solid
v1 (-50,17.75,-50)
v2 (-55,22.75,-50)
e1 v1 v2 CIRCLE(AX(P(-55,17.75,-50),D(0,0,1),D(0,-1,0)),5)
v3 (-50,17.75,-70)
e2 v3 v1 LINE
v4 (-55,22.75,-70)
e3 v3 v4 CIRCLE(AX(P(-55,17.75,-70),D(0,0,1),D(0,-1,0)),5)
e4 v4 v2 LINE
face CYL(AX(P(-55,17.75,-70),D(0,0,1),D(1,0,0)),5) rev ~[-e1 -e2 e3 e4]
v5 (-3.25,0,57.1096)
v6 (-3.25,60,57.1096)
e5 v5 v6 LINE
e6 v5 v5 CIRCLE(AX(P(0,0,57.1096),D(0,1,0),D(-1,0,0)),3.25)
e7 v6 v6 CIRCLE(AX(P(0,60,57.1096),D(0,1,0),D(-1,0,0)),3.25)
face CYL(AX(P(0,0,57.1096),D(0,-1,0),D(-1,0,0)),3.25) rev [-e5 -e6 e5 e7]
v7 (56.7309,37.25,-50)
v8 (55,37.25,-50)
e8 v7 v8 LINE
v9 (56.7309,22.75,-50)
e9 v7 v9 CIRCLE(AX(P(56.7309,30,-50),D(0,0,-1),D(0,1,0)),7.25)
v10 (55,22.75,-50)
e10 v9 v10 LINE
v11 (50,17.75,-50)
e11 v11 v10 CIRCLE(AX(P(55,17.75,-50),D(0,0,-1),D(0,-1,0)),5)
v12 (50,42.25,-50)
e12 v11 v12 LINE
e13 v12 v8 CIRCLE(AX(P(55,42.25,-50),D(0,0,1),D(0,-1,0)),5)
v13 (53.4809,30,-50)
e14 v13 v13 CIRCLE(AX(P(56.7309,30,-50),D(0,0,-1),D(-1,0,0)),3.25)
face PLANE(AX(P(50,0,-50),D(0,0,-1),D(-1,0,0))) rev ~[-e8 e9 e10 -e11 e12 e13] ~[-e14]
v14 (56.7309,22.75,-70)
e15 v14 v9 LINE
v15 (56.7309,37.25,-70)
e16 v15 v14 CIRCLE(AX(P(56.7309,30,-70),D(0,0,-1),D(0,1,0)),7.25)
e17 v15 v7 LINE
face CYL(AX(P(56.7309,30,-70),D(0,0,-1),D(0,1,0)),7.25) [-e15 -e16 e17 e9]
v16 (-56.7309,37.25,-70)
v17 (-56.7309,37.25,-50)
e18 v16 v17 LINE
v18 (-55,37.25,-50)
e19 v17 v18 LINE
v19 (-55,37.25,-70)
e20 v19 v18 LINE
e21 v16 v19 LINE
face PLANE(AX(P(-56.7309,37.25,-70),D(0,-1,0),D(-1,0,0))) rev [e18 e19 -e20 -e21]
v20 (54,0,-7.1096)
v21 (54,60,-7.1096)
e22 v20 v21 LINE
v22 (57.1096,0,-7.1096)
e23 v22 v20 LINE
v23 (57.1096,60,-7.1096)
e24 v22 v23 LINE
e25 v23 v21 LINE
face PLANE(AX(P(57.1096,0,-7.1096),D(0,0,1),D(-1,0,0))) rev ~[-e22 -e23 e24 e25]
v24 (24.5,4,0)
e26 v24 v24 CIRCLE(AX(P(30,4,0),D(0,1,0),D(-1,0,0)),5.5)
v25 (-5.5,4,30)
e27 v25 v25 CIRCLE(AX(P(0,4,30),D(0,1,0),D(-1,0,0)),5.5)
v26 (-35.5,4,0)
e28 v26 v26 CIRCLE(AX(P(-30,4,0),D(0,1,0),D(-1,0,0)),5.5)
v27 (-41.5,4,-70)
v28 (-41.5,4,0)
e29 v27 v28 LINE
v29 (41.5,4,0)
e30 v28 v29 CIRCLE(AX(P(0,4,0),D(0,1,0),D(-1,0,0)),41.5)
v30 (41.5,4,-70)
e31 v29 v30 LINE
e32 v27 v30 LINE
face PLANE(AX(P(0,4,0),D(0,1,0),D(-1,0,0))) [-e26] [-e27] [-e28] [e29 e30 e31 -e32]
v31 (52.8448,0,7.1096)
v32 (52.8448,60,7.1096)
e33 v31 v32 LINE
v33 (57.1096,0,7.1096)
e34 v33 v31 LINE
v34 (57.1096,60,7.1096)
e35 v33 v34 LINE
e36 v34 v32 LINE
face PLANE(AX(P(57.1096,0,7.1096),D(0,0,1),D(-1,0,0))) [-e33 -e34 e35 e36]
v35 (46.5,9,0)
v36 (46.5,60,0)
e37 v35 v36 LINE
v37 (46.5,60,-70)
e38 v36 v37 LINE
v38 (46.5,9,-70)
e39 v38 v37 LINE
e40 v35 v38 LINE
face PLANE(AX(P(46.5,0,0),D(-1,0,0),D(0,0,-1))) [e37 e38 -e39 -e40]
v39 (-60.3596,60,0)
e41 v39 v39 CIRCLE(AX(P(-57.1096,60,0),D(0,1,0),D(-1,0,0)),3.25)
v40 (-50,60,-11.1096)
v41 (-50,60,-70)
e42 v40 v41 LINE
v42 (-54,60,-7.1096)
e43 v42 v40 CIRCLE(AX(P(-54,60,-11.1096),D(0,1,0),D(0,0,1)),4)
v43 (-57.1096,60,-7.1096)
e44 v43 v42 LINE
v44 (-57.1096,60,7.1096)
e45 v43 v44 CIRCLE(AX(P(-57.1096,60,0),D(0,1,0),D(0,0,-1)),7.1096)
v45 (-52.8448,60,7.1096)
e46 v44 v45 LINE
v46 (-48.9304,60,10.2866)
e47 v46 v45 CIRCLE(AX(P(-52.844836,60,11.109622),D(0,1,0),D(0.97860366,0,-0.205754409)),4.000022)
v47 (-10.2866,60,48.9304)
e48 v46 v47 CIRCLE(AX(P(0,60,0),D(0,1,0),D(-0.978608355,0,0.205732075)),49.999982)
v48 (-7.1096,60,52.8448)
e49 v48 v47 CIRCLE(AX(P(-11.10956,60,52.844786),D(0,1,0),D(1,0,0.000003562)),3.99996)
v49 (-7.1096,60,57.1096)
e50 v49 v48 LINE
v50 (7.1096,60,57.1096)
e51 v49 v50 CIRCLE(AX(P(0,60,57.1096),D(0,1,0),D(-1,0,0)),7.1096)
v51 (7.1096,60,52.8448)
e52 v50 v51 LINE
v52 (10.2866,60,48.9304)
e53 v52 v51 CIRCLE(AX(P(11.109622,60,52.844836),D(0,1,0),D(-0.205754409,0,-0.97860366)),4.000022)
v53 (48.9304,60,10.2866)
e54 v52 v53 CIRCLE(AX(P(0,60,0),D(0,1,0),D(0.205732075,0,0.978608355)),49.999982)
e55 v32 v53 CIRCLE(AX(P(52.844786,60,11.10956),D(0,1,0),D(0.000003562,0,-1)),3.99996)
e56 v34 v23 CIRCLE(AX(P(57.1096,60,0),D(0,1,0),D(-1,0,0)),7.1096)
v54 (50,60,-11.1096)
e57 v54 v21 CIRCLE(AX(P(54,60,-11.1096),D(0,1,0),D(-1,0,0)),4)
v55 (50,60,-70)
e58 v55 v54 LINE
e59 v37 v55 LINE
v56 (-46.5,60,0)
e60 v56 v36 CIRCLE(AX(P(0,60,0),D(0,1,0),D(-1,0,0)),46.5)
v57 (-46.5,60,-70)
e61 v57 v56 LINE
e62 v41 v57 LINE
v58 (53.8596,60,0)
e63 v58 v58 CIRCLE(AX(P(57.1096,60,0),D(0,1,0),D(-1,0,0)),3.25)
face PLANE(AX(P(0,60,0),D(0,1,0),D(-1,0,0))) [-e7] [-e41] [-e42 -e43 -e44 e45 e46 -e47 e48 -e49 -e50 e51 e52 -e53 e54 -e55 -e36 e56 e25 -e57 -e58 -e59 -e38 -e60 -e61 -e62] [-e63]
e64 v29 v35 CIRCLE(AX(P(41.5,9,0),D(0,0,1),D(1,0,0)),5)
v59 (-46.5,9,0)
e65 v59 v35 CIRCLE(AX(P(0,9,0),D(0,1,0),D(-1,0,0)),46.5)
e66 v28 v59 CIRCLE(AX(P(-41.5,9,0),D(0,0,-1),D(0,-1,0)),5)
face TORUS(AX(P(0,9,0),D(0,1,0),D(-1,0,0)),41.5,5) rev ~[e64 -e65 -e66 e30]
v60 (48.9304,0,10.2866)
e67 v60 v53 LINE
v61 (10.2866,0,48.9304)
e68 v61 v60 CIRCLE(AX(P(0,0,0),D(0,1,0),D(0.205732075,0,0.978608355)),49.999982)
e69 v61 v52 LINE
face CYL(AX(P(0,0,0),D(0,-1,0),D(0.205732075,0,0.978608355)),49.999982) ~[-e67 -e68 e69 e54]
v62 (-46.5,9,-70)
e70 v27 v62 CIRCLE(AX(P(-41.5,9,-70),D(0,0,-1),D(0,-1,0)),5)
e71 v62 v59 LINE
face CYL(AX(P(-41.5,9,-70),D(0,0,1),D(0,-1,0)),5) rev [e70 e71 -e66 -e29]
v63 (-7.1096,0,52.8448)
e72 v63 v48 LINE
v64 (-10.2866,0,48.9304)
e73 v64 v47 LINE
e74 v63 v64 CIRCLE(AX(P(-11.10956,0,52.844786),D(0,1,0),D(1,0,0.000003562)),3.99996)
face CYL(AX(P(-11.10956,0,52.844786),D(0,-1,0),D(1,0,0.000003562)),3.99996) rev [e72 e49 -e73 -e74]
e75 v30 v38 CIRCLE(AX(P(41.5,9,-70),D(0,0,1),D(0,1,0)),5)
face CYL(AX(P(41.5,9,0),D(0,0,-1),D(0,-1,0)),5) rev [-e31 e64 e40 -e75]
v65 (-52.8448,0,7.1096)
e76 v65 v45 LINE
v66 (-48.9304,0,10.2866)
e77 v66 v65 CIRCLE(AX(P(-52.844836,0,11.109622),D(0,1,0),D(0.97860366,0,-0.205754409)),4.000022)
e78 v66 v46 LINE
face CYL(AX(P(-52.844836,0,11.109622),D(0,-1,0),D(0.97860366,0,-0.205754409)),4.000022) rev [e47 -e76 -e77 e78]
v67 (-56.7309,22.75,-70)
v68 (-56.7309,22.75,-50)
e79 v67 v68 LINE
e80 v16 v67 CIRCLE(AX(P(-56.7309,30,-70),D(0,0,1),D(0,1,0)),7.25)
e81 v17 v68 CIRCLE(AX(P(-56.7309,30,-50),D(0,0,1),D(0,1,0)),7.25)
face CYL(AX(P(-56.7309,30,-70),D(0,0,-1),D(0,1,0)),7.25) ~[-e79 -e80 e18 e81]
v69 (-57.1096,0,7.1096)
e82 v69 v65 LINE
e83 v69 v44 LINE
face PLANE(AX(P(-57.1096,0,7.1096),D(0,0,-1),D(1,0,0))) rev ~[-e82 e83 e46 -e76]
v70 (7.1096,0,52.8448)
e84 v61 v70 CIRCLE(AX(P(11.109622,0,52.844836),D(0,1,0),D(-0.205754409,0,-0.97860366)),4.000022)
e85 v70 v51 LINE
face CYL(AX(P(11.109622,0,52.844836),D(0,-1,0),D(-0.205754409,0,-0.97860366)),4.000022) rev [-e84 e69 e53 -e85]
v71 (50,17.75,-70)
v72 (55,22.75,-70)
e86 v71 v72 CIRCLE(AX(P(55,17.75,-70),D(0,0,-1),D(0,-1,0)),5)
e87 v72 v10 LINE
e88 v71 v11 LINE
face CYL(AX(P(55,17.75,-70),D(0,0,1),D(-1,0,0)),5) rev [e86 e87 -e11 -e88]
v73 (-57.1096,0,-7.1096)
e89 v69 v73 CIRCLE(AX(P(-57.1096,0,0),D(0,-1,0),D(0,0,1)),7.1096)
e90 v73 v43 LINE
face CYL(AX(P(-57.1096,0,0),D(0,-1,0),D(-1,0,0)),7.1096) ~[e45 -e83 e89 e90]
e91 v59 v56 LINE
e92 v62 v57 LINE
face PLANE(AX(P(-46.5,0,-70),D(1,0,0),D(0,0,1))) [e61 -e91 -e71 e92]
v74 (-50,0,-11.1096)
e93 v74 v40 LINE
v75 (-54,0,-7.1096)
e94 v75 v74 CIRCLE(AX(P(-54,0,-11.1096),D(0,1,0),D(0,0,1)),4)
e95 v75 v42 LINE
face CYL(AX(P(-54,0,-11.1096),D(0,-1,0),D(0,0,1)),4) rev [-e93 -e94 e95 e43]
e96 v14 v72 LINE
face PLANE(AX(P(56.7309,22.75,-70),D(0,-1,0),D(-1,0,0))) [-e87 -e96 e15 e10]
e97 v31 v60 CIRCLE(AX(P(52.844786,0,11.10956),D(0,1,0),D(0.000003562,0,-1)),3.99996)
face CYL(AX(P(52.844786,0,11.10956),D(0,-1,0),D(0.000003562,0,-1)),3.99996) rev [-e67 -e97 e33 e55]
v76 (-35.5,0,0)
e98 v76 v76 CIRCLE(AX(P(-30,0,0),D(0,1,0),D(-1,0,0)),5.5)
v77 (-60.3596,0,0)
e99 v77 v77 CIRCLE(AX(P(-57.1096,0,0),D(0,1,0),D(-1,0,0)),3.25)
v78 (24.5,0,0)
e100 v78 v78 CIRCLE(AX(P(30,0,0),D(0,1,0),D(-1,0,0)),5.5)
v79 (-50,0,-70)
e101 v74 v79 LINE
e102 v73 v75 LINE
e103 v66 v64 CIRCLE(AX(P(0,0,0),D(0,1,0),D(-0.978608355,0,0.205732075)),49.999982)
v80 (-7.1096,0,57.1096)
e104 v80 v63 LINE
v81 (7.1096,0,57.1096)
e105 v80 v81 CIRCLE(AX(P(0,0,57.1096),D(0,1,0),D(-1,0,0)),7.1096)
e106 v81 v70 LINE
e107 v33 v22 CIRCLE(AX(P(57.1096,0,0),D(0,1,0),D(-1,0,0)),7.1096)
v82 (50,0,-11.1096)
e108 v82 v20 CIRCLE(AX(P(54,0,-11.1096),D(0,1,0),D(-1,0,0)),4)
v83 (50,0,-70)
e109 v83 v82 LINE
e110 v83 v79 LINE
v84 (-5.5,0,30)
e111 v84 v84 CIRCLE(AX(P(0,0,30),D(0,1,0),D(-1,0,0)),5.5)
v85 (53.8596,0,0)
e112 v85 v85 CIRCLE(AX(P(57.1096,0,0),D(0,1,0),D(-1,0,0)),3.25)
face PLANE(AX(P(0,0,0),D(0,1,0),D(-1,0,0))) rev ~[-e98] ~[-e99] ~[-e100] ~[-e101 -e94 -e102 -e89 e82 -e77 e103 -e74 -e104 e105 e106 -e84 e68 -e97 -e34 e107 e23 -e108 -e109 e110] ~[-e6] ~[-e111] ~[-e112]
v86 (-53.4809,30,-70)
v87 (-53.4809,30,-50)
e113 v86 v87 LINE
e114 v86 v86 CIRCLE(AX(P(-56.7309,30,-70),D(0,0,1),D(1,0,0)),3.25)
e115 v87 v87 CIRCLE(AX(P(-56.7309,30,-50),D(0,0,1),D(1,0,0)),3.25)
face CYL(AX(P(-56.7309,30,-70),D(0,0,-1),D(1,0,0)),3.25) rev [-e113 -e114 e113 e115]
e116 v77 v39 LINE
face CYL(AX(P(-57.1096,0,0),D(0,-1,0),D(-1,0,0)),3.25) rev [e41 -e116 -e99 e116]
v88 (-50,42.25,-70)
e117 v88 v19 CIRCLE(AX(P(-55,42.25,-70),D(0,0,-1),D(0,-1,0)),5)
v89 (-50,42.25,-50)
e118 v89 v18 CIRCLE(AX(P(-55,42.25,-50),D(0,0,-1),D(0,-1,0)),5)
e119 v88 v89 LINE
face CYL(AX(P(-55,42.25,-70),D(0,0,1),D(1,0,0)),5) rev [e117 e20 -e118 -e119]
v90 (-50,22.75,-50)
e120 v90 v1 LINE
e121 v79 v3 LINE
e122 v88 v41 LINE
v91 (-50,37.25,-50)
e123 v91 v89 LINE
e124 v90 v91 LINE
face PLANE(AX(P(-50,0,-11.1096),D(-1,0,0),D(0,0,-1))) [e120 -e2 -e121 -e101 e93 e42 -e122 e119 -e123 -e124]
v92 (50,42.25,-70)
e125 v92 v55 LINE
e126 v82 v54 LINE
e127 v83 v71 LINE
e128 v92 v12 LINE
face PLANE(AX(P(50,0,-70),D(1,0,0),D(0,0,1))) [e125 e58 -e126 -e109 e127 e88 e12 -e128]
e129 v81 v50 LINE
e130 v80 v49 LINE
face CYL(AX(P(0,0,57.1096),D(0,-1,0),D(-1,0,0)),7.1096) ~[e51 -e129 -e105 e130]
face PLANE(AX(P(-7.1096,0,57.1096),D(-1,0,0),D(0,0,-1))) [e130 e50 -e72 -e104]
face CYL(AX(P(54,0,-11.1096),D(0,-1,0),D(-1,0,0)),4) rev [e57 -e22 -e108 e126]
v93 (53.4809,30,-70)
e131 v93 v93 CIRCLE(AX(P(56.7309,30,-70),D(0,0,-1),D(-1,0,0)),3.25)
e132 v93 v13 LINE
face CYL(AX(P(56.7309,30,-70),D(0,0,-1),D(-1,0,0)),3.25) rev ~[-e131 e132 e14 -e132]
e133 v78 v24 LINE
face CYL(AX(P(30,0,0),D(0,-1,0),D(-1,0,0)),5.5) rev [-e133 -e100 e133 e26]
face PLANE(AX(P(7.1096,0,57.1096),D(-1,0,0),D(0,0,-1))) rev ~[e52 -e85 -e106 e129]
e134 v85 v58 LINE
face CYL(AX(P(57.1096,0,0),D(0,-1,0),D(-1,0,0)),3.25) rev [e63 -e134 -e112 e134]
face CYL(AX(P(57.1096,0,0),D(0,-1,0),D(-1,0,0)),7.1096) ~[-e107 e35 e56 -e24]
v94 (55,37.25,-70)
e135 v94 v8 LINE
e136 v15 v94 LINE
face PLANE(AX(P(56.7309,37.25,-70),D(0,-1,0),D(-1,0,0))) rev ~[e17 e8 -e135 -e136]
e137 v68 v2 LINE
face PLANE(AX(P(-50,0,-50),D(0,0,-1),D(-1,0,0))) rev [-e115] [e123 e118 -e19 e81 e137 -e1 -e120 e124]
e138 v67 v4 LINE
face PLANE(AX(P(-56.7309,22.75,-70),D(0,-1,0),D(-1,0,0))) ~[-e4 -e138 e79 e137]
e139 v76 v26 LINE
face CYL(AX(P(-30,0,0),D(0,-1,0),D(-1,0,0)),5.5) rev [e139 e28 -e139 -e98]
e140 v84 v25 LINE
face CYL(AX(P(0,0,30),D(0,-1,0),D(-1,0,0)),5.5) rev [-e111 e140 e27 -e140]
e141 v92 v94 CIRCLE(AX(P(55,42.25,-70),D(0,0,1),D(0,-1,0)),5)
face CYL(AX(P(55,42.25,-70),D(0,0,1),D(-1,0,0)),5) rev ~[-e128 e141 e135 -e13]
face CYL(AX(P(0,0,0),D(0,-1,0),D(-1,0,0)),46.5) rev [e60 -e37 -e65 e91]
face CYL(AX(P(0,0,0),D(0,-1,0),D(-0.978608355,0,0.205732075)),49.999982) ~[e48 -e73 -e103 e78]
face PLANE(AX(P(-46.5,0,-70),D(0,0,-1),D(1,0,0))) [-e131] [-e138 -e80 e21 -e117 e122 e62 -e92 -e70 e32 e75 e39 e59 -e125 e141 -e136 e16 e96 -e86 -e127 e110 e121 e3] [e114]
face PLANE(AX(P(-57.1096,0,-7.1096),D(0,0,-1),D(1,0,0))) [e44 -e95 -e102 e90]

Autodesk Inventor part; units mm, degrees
ref_plane "YZ Plane" through (0, 0, 0) normal (1, 0, 0) x (0, 1, 0)
ref_plane "XZ Plane" through (0, 0, 0) normal (0, 1, 0) x (-1, 0, 0)
ref_plane "XY Plane" through (0, 0, 0) normal (0, 0, 1) x (1, 0, 0)
sketch "Sketch1" plane through (0, 0, 0) normal (0, 1, 0) x (-1, 0, 0)
  arc A0 (-10.2866, 48.9304) -> (-48.9304, 10.2866) centre (0, 0) ccw
  circle A1 centre (30, 0) radius 5.5
  circle A2 centre (0, 30) radius 5.5
  circle A3 centre (-30, 0) radius 5.5
  line L0 (50, -11.1096) -> (50, -70)
  line L1 (50, -70) -> (-50, -70)
  line L2 (-50, -70) -> (-50, -11.1096)
  line L3 (-46.5, 0) -> (-46.5, -70)
  line L4 (46.5, -70) -> (46.5, 0)
  arc A4 (46.5, 0) -> (-46.5, 0) centre (0, 0) ccw
  circle A5 centre (57.1096, 0) radius 3.25
  circle A6 centre (57.1096, 0) radius 7.1096
  line L5 (57.1096, -7.1096) -> (54, -7.1096)
  line L6 (57.1096, 7.1096) -> (52.8448, 7.1096)
  circle A7 centre (0, 57.1096) radius 7.1096
  circle A8 centre (0, 57.1096) radius 3.25
  circle A9 centre (-57.1096, 0) radius 7.1096
  circle A10 centre (-57.1096, 0) radius 3.25
  line L7 (-57.1096, -7.1096) -> (-54, -7.1096)
  line L8 (-57.1096, 7.1096) -> (-52.8448, 7.1096)
  line L9 (-7.1096, 57.1096) -> (-7.1096, 52.8448)
  line L10 (7.1096, 57.1096) -> (7.1096, 52.8448)
  arc A11 (48.9304, 10.2866) -> (52.8448, 7.1096) centre (52.8448, 11.1096) ccw
  arc A12 (-52.8448, 7.1096) -> (-48.9304, 10.2866) centre (-52.8448, 11.1096) ccw
  arc A13 (-10.2866, 48.9304) -> (-7.1096, 52.8448) centre (-11.1096, 52.8448) ccw
  arc A14 (54, -7.1096) -> (50, -11.1096) centre (54, -11.1096) ccw
  arc A15 (-50, -11.1096) -> (-54, -7.1096) centre (-54, -11.1096) ccw
  arc A16 (48.9304, 10.2866) -> (10.2866, 48.9304) centre (0, 0) ccw
  arc A17 (7.1096, 52.8448) -> (10.2866, 48.9304) centre (11.1096, 52.8448) ccw
  point P0 (50, 0)
  point P1 (-50, 0)
  point P2 (49.492, 7.1096)
  point P3 (-49.492, 7.1096)
  point P4 (-7.1096, 49.492)
  point P5 (7.1096, 49.492)
  dimension "d0" = 100
  dimension "d1" = 11
  dimension "d2" = 30
  dimension "d5" = 180
  dimension "d7" = 3.5
  dimension "d8" = 70
  dimension "d9" = 6.5
  dimension "d12" = 180
  dimension "d14" = 4
  dimension "d15" = 4
extrude "Extrusion1" add sketch "Sketch1" along normal blind 4 contours L3 A4 L4 L1
extrude "Extrusion2" add sketch "Sketch1" along normal blind 60 contours A13 L9 A7 L10 A17 A16 A11 L6 A6 L5 A14 L0 L1 L4 A4 L3 L2 A15 L7 A9 L8 A12 A0 | A7 | A9 | A6
ref_plane "Work Plane1" through (0, 0, -11.1096) normal (1, 0, 0) x (0, 0, -1)
sketch "Sketch2" plane through (50, 0, -70) normal (0, 0, -1) x (-1, 0, 0)
  circle A0 centre (-6.7309, 30) radius 3.25
  arc A1 (-6.7309, 37.25) -> (-6.7309, 22.75) centre (-6.7309, 30) ccw
  line L0 (-6.7309, 37.25) -> (0, 37.25)
  line L1 (0, 0) -> (0, 60) projected
  line L2 (-6.7309, 22.75) -> (0, 22.75)
  line L3 (0, 37.25) -> (0, 22.75)
  line L4 (0, 60) -> (3.5, 60) projected
  point P0 (50, 0)
  dimension "d20" = 6.5
  dimension "d21" = 4
  dimension "d22" = 30
  dimension "d23" = 60
extrude "Extrusion3" add sketch "Sketch2" against normal blind 20
fillet "Fillet1" radius 5 2 edges at (50, 37.25, -60) (50, 22.75, -60)
mirror "Mirror1" about plane through (0, 0, -11.1096) normal (1, 0, 0) of "Extrusion3"
fillet "Fillet2" radius 5 2 edges at (-50, 37.25, -60) (-50, 22.75, -60)
fillet "Fillet3" radius 5 3 edges at (0, 4, 46.5) (46.5, 4, -35) (-46.5, 4, -35)
equation "\"d22\" = 0.5 * d23"
properties part number "Fej"
